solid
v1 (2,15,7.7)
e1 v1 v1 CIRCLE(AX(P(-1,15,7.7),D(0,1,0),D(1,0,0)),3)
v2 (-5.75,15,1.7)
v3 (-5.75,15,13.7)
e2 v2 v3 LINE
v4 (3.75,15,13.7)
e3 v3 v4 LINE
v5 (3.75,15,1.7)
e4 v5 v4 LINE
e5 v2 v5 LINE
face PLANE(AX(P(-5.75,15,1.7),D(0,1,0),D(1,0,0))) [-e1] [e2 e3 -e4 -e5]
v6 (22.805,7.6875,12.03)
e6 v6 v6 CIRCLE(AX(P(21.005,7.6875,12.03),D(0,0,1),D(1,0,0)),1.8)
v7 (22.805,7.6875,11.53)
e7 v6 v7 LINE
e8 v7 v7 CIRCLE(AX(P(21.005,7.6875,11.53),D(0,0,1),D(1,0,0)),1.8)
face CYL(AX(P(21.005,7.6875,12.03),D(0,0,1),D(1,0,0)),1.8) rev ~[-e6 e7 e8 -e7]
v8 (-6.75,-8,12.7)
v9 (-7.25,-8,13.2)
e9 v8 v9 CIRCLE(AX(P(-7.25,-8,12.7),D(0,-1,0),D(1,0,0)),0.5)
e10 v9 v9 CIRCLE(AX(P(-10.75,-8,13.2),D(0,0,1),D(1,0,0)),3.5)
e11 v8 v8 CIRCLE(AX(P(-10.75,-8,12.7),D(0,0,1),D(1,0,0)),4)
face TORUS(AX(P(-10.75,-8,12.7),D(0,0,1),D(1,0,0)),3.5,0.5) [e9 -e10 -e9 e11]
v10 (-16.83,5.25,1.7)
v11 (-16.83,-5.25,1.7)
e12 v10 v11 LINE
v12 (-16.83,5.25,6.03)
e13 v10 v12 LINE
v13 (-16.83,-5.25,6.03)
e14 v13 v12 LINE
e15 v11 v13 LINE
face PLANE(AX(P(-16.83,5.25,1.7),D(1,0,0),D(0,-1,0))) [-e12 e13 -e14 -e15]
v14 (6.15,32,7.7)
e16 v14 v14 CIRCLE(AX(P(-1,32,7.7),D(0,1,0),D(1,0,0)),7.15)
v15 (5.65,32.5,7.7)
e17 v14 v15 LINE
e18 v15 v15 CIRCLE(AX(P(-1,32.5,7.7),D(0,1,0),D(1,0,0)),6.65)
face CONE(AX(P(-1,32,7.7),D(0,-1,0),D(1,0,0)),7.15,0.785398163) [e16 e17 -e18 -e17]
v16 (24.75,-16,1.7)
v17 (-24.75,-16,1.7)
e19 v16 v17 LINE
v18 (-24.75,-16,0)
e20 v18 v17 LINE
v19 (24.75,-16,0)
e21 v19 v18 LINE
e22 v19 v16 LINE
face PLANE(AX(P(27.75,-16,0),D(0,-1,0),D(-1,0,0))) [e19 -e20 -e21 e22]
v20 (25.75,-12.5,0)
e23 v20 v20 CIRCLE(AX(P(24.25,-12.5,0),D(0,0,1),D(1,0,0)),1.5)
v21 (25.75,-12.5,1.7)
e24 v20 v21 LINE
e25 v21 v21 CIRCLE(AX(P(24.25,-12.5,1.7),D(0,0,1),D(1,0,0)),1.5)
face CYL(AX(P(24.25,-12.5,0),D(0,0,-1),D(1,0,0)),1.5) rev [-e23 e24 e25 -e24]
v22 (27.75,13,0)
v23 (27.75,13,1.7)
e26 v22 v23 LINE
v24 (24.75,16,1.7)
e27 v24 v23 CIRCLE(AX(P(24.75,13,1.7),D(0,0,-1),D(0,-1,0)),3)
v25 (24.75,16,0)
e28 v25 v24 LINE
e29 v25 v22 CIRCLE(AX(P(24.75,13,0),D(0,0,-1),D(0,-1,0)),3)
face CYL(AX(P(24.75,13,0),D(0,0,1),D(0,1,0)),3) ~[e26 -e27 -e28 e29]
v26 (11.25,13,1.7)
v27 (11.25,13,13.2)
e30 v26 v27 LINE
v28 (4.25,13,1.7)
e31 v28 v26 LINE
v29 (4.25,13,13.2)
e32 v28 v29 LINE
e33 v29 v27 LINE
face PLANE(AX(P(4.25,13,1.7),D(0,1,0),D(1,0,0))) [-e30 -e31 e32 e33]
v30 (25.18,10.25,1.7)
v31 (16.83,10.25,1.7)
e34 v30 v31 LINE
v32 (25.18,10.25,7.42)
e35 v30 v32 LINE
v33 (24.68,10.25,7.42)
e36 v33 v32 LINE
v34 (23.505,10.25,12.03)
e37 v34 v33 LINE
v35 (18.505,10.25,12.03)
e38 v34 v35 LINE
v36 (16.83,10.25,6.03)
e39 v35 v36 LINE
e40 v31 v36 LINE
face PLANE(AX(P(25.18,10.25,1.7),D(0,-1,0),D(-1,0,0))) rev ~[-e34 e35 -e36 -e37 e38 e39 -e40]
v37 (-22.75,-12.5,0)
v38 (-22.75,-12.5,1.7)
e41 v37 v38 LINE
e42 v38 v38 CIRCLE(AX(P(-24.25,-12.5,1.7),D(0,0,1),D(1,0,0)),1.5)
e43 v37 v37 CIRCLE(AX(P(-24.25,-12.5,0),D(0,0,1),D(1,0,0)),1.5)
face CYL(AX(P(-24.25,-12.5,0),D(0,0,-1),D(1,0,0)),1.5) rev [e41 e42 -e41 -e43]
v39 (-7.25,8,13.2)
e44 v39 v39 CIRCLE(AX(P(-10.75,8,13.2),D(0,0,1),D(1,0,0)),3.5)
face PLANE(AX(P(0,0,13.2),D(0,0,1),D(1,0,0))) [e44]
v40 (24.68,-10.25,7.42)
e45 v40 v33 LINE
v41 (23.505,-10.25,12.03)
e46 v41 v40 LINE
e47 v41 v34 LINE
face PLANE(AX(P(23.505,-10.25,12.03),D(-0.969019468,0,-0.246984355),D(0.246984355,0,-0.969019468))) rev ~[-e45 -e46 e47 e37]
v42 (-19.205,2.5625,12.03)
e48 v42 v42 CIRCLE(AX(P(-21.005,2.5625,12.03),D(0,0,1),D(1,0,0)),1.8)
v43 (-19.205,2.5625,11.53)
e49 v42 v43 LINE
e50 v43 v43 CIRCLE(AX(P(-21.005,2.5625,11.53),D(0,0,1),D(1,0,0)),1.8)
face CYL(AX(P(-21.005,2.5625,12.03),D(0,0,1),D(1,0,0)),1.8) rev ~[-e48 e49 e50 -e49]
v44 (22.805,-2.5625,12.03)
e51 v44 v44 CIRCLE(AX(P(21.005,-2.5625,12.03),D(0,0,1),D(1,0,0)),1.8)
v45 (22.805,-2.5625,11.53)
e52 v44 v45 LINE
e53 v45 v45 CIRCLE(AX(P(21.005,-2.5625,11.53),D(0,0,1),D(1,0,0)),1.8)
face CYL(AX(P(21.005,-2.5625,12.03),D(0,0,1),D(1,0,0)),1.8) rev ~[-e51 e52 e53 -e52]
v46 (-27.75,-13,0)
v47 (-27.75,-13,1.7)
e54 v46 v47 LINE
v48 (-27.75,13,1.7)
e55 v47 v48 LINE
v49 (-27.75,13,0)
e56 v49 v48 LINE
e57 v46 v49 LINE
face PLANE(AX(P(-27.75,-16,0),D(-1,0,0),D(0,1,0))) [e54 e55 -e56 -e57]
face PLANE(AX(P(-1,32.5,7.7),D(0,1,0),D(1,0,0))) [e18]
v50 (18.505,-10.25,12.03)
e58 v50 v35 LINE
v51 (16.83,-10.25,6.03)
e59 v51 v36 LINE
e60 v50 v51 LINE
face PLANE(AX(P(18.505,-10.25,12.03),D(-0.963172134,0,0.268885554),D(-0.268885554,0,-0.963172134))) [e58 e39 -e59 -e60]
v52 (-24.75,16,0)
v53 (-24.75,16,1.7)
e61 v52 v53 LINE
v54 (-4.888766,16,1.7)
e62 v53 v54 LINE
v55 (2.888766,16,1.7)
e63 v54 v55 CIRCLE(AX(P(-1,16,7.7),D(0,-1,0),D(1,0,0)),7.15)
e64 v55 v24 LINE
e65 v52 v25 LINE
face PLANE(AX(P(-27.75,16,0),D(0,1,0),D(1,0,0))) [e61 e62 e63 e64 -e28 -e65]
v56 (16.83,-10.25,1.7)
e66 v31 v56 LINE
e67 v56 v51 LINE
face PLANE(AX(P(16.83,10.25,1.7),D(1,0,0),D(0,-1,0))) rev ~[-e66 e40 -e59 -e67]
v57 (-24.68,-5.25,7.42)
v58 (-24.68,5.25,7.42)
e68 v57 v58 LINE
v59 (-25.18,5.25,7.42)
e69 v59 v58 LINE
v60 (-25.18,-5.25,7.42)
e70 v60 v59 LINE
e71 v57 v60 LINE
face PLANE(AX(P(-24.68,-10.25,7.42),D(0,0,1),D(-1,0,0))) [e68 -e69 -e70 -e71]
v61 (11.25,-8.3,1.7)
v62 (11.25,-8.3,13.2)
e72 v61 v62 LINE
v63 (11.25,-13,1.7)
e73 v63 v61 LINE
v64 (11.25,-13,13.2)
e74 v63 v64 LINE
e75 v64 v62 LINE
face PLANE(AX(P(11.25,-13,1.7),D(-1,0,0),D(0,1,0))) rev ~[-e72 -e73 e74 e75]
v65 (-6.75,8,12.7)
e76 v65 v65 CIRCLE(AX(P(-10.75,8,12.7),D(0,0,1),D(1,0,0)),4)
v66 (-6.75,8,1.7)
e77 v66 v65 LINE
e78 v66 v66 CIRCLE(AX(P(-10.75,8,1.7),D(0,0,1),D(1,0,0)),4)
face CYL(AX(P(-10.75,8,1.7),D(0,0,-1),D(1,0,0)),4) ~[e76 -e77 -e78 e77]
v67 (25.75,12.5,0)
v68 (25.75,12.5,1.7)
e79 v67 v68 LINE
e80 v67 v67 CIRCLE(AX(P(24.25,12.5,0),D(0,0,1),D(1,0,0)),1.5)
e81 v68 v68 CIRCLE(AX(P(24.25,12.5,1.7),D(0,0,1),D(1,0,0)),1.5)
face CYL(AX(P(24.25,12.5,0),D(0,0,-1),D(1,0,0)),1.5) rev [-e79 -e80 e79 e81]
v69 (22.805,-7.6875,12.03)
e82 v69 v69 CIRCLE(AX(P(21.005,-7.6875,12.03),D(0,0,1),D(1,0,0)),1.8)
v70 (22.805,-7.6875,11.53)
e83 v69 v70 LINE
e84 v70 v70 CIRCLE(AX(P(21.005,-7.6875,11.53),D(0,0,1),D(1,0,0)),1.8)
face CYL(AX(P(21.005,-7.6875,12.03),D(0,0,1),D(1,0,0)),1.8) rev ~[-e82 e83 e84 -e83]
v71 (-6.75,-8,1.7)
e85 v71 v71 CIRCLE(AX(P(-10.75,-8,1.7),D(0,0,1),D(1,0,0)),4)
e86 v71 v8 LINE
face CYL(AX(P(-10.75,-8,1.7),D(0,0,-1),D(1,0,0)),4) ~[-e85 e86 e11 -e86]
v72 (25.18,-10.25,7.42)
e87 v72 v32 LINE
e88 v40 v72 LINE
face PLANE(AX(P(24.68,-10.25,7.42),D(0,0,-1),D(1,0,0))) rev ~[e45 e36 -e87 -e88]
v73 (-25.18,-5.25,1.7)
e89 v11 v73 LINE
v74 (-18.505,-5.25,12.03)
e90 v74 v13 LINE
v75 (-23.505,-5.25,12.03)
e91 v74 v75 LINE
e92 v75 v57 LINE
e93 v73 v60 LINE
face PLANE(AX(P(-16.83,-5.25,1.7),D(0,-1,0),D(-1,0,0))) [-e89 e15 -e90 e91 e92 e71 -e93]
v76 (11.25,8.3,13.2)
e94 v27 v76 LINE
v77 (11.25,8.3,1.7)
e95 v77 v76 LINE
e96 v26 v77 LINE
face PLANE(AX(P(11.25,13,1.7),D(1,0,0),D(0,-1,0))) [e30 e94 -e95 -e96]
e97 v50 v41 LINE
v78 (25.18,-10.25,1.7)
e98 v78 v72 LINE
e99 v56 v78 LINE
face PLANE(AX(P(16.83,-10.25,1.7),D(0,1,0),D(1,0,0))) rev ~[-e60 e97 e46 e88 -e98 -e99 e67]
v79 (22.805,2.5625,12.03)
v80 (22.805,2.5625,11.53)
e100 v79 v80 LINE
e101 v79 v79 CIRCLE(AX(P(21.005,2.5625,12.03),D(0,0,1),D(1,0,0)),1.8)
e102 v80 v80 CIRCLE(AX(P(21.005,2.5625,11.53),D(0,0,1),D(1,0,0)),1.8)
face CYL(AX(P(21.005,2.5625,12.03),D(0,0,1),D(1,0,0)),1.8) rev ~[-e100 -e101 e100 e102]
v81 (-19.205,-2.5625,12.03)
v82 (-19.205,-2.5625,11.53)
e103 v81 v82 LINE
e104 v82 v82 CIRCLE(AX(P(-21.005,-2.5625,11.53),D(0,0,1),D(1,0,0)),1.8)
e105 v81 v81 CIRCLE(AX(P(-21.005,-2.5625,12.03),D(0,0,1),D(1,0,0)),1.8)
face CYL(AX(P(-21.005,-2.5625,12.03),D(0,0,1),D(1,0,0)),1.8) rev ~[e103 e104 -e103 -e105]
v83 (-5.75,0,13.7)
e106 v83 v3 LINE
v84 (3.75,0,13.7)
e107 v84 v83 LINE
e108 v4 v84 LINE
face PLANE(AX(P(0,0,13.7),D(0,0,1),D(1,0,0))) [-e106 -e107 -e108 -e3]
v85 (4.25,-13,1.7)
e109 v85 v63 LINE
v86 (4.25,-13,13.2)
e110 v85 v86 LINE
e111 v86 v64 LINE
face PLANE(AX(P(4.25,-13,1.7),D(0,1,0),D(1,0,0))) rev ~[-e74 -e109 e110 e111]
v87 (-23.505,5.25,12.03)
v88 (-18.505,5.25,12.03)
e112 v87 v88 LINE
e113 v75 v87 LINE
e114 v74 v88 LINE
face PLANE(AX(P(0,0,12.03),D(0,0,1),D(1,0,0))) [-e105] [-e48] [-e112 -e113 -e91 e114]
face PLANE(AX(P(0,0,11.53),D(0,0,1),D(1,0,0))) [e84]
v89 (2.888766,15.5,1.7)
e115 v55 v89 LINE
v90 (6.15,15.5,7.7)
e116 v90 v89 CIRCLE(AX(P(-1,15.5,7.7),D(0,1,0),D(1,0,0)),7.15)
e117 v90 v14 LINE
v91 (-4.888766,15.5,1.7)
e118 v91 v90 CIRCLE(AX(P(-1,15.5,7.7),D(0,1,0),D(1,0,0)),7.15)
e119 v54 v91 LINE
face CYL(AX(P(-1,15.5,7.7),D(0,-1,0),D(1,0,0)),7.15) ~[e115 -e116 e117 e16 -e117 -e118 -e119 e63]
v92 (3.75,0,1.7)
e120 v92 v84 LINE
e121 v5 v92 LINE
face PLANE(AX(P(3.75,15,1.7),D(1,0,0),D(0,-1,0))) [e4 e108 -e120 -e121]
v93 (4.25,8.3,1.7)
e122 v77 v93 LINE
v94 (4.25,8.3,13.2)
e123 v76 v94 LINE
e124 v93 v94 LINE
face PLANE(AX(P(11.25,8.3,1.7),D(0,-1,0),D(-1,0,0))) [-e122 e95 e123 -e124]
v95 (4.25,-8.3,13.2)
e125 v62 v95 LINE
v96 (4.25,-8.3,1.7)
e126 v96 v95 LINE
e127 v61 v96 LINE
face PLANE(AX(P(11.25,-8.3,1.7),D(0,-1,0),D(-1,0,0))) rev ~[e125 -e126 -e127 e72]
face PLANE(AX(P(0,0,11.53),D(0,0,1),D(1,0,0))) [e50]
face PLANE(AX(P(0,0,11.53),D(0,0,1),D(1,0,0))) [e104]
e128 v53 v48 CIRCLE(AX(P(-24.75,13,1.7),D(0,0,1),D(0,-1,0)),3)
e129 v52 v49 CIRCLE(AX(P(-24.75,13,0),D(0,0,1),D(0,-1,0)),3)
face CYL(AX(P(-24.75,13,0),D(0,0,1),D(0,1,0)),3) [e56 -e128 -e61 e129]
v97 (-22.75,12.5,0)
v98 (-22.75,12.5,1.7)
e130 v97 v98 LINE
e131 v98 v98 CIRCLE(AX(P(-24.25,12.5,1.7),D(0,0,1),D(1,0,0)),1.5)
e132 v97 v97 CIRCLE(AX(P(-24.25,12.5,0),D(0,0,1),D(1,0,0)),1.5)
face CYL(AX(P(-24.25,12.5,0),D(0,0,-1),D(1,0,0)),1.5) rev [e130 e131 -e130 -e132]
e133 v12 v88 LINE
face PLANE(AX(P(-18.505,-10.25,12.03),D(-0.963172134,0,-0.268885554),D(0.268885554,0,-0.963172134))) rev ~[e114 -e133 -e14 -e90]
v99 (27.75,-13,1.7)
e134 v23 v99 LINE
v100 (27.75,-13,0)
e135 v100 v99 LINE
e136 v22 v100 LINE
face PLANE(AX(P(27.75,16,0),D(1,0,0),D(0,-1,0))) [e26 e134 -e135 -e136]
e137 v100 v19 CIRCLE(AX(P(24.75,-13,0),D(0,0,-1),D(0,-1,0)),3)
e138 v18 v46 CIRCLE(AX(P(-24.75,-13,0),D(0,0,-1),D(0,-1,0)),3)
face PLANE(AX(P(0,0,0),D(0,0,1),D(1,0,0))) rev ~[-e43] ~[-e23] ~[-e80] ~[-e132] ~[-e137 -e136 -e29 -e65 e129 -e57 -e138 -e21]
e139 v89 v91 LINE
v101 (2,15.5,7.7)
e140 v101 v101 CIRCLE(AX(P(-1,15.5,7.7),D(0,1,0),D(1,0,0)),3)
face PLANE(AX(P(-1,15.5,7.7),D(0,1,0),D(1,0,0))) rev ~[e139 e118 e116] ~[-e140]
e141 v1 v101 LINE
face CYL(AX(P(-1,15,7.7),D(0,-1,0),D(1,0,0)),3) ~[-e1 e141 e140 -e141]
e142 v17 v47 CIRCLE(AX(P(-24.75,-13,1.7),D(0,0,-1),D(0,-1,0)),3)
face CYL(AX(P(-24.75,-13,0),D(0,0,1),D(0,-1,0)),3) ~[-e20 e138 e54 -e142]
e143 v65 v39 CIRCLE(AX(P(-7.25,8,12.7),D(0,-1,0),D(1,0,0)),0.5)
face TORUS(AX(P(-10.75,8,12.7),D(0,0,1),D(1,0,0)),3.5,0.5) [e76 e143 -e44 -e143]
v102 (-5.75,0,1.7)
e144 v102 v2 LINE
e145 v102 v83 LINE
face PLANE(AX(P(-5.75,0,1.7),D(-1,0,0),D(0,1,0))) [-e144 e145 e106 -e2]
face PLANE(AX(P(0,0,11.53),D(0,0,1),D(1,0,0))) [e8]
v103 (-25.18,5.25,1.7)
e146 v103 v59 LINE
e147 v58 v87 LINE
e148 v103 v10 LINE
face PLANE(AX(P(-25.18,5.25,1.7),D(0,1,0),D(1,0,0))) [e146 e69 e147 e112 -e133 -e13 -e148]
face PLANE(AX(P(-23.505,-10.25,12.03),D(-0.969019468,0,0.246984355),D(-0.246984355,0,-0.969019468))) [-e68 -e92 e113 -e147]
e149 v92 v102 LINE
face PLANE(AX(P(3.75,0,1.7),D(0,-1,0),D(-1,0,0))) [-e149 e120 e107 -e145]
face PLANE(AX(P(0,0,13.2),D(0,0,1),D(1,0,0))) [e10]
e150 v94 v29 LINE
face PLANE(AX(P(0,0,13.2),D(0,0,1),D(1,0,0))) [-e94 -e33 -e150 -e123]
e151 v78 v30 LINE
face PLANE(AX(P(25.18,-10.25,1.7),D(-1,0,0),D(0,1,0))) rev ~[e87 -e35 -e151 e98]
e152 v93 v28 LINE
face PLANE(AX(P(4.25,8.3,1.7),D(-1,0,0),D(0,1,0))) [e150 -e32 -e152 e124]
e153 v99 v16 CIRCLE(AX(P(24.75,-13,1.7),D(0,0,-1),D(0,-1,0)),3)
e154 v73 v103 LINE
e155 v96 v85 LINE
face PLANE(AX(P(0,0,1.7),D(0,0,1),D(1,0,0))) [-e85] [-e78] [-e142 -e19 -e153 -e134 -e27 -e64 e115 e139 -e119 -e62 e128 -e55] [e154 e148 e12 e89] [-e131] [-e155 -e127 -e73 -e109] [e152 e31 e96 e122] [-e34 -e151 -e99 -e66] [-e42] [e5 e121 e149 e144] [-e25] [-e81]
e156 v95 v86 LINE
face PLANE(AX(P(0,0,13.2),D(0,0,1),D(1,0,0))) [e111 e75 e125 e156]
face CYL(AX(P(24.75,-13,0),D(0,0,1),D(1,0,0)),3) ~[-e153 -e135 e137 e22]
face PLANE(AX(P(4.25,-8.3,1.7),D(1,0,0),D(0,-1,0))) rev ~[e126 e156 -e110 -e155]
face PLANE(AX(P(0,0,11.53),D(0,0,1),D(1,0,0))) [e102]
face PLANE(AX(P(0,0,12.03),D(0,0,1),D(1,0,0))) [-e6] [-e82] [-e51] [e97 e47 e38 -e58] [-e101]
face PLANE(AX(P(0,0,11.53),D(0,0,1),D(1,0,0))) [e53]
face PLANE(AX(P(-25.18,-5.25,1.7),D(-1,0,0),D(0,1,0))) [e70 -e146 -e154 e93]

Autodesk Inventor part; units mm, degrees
ref_plane "YZ Plane" through (0, 0, 0) normal (1, 0, 0) x (0, 1, 0)
ref_plane "XZ Plane" through (0, 0, 0) normal (0, 1, 0) x (-1, 0, 0)
ref_plane "XY Plane" through (0, 0, 0) normal (0, 0, 1) x (1, 0, 0)
sketch "Board" plane through (0, 0, 0) normal (0, 0, 1) x (1, 0, 0)
  line L0 (-27.75, 16) -> (27.75, 16)
  line L1 (27.75, 16) -> (27.75, -16)
  line L2 (27.75, -16) -> (-27.75, -16)
  line L3 (-27.75, -16) -> (-27.75, 16)
  line L4 (-27.75, 16) -> (27.75, -16) construction
  line L5 (27.75, 16) -> (-27.75, -16) construction
  line L6 (-24.25, -12.5) -> (24.25, -12.5) construction
  line L7 (24.25, -12.5) -> (24.25, 12.5) construction
  line L8 (24.25, 12.5) -> (-24.25, 12.5) construction
  line L9 (-24.25, 12.5) -> (-24.25, -12.5) construction
  line L10 (-24.25, -12.5) -> (24.25, 12.5) construction
  line L11 (24.25, -12.5) -> (-24.25, 12.5) construction
  circle A0 centre (24.25, 12.5) radius 1.5
  circle A1 centre (-24.25, 12.5) radius 1.5
  circle A2 centre (24.25, -12.5) radius 1.5
  circle A3 centre (-24.25, -12.5) radius 1.5
  line L12 (-25.75, -14) -> (-22.75, -14) construction
  line L13 (-22.75, -14) -> (-22.75, -11) construction
  line L14 (-22.75, -11) -> (-25.75, -11) construction
  line L15 (-25.75, -11) -> (-25.75, -14) construction
  line L16 (-25.75, -14) -> (-22.75, -11) construction
  line L17 (-22.75, -14) -> (-25.75, -11) construction
  point P0 (0, 0)
  dimension "d0" = 55.5
  dimension "d1" = 32
  dimension "d2" = 3
  dimension "d3" = 2
  dimension "d5" = 2
  dimension "d6" = 48.5
extrude "BoardFeature" add sketch "Board" along normal blind 1.7
fillet "BoardFilletsFeature" radius 3 4 edges at (-27.75, 16, 0.85) (27.75, 16, 0.85) (-27.75, -16, 0.85) (27.75, -16, 0.85)
sketch "PotentiometerHousing" plane through (0, 0, 1.7) normal (0, 0, 1) x (1, 0, 0)
  line L0 (-5.75, 15) -> (3.75, 15)
  line L1 (3.75, 15) -> (3.75, 0)
  line L2 (3.75, 0) -> (-5.75, 0)
  line L3 (-5.75, 0) -> (-5.75, 15)
  line L4 (24.75, 16) -> (-24.75, 16) projected
  line L5 (-27.75, 13) -> (-27.75, -13) projected
  point P0 (0, 0)
  dimension "d10" = 1
  dimension "d11" = 22
  dimension "d12" = 15
  dimension "d13" = 9.5
extrude "PotentiometerHousingFeature" add sketch "PotentiometerHousing" along normal blind 12
sketch "IJ63" plane through (0, 0, 1.7) normal (0, 0, 1) x (1, 0, 0)
  line L0 (4.25, 13) -> (11.25, 13)
  line L1 (11.25, 13) -> (11.25, 8.3)
  line L2 (11.25, 8.3) -> (4.25, 8.3)
  line L3 (4.25, 8.3) -> (4.25, 13)
  line L4 (3.75, 15) -> (-5.75, 15) projected
  line L5 (3.75, 0) -> (3.75, 15) projected
  line L6 (-38.85, 0) -> (38.85, 0) construction
  line L7 (4.25, -13) -> (11.25, -13)
  line L8 (11.25, -13) -> (11.25, -8.3)
  line L9 (11.25, -8.3) -> (4.25, -8.3)
  line L10 (4.25, -8.3) -> (4.25, -13)
  point P0 (0, 0)
  dimension "d16" = 2
  dimension "d17" = 4.7
  dimension "d18" = 7
  dimension "d19" = 0.5
extrude "IJ63Feature" add sketch "IJ63" along normal blind 11.5
sketch "Capacitors" plane through (0, 0, 1.7) normal (0, 0, 1) x (1, 0, 0)
  line L0 (-38.85, 0) -> (38.85, 0) construction
  circle A0 centre (-10.75, 8) radius 4
  line L1 (0, -22.4) -> (0, 22.4) construction
  line L2 (-5.75, 15) -> (-5.75, 0) projected
  line L3 (24.75, 16) -> (-24.75, 16) projected
  circle A1 centre (-10.75, -8) radius 4
  point P0 (0, 0)
  dimension "d22" = 8
  dimension "d23" = 5
  dimension "d24" = 8
extrude "CapacitorsFeature" add sketch "Capacitors" along normal blind 11.5
sketch "TerminalBlocks" plane through (0, 0, 1.7) normal (0, 0, 1) x (1, 0, 0)
  line L0 (-38.85, 0) -> (38.85, 0) construction
  line L1 (25.18, 10.25) -> (16.83, 10.25)
  line L2 (16.83, 10.25) -> (16.83, -10.25)
  line L3 (16.83, -10.25) -> (25.18, -10.25)
  line L4 (25.18, -10.25) -> (25.18, 10.25)
  line L5 (-25.18, 5.25) -> (-16.83, 5.25)
  line L6 (-16.83, 5.25) -> (-16.83, -5.25)
  line L7 (-16.83, -5.25) -> (-25.18, -5.25)
  line L8 (-25.18, -5.25) -> (-25.18, 5.25)
  line L9 (27.75, -13) -> (27.75, 13) projected
  line L10 (-27.75, 13) -> (-27.75, -13) projected
  point P0 (0, 0)
  point P1 (25.18, 0)
  point P2 (-16.83, 0)
  dimension "d27" = 8.35
  dimension "d28" = 20.5
  dimension "d29" = 10.5
  dimension "d30" = 2.57
  dimension "d31" = 2.57
extrude "TerminalBlocksFeature" add sketch "TerminalBlocks" along normal blind 10.33
sketch "TerminalBlockProfiles" plane through (16.83, -10.25, 1.7) normal (0, -1, 0) x (1, 0, 0)
  line L0 (8.35, 0) -> (0, 0) projected
  line L1 (8.35, 0) -> (8.35, 10.33) projected
  line L2 (0, 10.33) -> (8.35, 10.33) projected
  line L3 (0, 0) -> (0, 10.33) projected
  line L4 (-33.66, 0) -> (-42.01, 0) projected
  line L5 (-33.66, 0) -> (-33.66, 10.33) projected
  line L6 (-42.01, 10.33) -> (-33.66, 10.33) projected
  line L7 (-42.01, 0) -> (-42.01, 10.33) projected
  line L8 (0, 10.33) -> (8.35, 10.33) projected
  line L9 (1.675, 10.33) -> (0, 4.33)
  line L10 (6.675, 10.33) -> (7.85, 5.72)
  line L11 (7.85, 5.72) -> (8.35, 5.72)
  line L12 (8.35, 0) -> (8.35, 10.33) projected
  line L13 (-16.83, -4.44) -> (-16.83, 14.74) construction
  line L14 (-35.335, 10.33) -> (-33.66, 4.33)
  line L15 (-40.335, 10.33) -> (-41.51, 5.72)
  line L16 (-41.51, 5.72) -> (-42.01, 5.72)
  line L17 (1.675, 10.33) -> (6.675, 10.33)
  point P0 (-16.83, -1.7)
  point P1 (4.175, 10.33)
  point P2 (6.675, 10.33)
  point P3 (1.675, 10.33)
  point P4 (-33.66, 4.33)
  dimension "d34" = 5
  dimension "d35" = 0.5
  dimension "d36" = 4.33
  dimension "d37" = 5.72
extrude "TerminalBlockProfilesFeature" cut sketch "TerminalBlockProfiles" against normal through all contours L11 L10 L2 L1 | L3 L2 L9 | L14 L6 L5 | L7 L6 L15 L16
sketch "TerminalBlockScrews" plane through (0, 0, 12.03) normal (0, 0, 1) x (1, 0, 0)
  line L0 (18.505, 10.25) -> (18.505, -10.25) projected
  line L1 (18.505, -10.25) -> (23.505, -10.25) projected
  line L2 (23.505, -10.25) -> (23.505, 10.25) projected
  line L3 (23.505, 10.25) -> (18.505, 10.25) projected
  line L4 (-18.505, -5.25) -> (-18.505, 5.25) projected
  line L5 (-18.505, 5.25) -> (-23.505, 5.25) projected
  line L6 (-23.505, 5.25) -> (-23.505, -5.25) projected
  line L7 (-23.505, -5.25) -> (-18.505, -5.25) projected
  line L8 (18.505, 0) -> (23.505, 0) construction
  line L9 (18.505, 0) -> (23.505, 10.25) construction
  line L10 (21.005, 5.125) -> (23.505, 5.125) construction
  line L11 (23.505, 5.125) -> (18.505, 10.25) construction
  circle A0 centre (21.005, 7.6875) radius 1.8
  circle A1 centre (21.005, 2.5625) radius 1.8
  circle A2 centre (21.005, -7.6875) radius 1.8
  line L12 (21.005, 7.6875) -> (21.005, -7.6875) construction
  circle A3 centre (21.005, -2.5625) radius 1.8
  line L13 (0, -22.4) -> (0, 22.4) construction
  circle A4 centre (-21.005, 2.5625) radius 1.8
  circle A5 centre (-21.005, -2.5625) radius 1.8
  point P0 (0, 0)
  dimension "d41" = 3.6
  dimension "d42" = 2.5625
  dimension "d43" = 2.5625
extrude "TerminalBlockScrewsFeature" cut sketch "TerminalBlockScrews" against normal blind 0.5 contours A0 | A1 | A2 | A3 | A4 | A5
fillet "FilletsFeature" radius 0.5 2 edges at (-14.75, -8, 13.2) (-14.75, 8, 13.2)
sketch "PotentiometerShaft" plane through (-5.75, 15, 1.7) normal (0, 1, 0) x (1, 0, 0)
  line L0 (0, 0) -> (9.5, 0) projected
  line L1 (0, 0) -> (0, -12) projected
  line L2 (9.5, -12) -> (0, -12) projected
  line L3 (9.5, 0) -> (9.5, -12) projected
  line L4 (9.5, -12) -> (0, 0) construction
  circle A0 centre (4.75, -6) radius 3
  point P0 (5.75, 1.7)
  dimension "d48" = 6
extrude "PotentiometerShaftFeature" add sketch "PotentiometerShaft" along normal blind 0.5 contours A0
sketch "PotentiometerKnob" plane through (-1, 15.5, 7.7) normal (0, 1, 0) x (1, 0, 0)
  circle A0 centre (0, 0) radius 3 projected
  circle A1 centre (0, 0) radius 3 projected
  circle A2 centre (0, 0) radius 7.15
  point P0 (1, 7.7)
  dimension "d51" = 14.3
extrude "PotentiometerKnobFeature" add sketch "PotentiometerKnob" along normal blind 17 contours A0 | A2
chamfer "PotentiometerKnobChamferFeature" distance 0.5 angle 45 1 edges at (-8.15, 32.5, 7.7)
equation "\"d5\" = d3"
equation "\"d31\" = d30"
equation "\"d43\" = d42"
properties part number "LQ-AMP10W"
